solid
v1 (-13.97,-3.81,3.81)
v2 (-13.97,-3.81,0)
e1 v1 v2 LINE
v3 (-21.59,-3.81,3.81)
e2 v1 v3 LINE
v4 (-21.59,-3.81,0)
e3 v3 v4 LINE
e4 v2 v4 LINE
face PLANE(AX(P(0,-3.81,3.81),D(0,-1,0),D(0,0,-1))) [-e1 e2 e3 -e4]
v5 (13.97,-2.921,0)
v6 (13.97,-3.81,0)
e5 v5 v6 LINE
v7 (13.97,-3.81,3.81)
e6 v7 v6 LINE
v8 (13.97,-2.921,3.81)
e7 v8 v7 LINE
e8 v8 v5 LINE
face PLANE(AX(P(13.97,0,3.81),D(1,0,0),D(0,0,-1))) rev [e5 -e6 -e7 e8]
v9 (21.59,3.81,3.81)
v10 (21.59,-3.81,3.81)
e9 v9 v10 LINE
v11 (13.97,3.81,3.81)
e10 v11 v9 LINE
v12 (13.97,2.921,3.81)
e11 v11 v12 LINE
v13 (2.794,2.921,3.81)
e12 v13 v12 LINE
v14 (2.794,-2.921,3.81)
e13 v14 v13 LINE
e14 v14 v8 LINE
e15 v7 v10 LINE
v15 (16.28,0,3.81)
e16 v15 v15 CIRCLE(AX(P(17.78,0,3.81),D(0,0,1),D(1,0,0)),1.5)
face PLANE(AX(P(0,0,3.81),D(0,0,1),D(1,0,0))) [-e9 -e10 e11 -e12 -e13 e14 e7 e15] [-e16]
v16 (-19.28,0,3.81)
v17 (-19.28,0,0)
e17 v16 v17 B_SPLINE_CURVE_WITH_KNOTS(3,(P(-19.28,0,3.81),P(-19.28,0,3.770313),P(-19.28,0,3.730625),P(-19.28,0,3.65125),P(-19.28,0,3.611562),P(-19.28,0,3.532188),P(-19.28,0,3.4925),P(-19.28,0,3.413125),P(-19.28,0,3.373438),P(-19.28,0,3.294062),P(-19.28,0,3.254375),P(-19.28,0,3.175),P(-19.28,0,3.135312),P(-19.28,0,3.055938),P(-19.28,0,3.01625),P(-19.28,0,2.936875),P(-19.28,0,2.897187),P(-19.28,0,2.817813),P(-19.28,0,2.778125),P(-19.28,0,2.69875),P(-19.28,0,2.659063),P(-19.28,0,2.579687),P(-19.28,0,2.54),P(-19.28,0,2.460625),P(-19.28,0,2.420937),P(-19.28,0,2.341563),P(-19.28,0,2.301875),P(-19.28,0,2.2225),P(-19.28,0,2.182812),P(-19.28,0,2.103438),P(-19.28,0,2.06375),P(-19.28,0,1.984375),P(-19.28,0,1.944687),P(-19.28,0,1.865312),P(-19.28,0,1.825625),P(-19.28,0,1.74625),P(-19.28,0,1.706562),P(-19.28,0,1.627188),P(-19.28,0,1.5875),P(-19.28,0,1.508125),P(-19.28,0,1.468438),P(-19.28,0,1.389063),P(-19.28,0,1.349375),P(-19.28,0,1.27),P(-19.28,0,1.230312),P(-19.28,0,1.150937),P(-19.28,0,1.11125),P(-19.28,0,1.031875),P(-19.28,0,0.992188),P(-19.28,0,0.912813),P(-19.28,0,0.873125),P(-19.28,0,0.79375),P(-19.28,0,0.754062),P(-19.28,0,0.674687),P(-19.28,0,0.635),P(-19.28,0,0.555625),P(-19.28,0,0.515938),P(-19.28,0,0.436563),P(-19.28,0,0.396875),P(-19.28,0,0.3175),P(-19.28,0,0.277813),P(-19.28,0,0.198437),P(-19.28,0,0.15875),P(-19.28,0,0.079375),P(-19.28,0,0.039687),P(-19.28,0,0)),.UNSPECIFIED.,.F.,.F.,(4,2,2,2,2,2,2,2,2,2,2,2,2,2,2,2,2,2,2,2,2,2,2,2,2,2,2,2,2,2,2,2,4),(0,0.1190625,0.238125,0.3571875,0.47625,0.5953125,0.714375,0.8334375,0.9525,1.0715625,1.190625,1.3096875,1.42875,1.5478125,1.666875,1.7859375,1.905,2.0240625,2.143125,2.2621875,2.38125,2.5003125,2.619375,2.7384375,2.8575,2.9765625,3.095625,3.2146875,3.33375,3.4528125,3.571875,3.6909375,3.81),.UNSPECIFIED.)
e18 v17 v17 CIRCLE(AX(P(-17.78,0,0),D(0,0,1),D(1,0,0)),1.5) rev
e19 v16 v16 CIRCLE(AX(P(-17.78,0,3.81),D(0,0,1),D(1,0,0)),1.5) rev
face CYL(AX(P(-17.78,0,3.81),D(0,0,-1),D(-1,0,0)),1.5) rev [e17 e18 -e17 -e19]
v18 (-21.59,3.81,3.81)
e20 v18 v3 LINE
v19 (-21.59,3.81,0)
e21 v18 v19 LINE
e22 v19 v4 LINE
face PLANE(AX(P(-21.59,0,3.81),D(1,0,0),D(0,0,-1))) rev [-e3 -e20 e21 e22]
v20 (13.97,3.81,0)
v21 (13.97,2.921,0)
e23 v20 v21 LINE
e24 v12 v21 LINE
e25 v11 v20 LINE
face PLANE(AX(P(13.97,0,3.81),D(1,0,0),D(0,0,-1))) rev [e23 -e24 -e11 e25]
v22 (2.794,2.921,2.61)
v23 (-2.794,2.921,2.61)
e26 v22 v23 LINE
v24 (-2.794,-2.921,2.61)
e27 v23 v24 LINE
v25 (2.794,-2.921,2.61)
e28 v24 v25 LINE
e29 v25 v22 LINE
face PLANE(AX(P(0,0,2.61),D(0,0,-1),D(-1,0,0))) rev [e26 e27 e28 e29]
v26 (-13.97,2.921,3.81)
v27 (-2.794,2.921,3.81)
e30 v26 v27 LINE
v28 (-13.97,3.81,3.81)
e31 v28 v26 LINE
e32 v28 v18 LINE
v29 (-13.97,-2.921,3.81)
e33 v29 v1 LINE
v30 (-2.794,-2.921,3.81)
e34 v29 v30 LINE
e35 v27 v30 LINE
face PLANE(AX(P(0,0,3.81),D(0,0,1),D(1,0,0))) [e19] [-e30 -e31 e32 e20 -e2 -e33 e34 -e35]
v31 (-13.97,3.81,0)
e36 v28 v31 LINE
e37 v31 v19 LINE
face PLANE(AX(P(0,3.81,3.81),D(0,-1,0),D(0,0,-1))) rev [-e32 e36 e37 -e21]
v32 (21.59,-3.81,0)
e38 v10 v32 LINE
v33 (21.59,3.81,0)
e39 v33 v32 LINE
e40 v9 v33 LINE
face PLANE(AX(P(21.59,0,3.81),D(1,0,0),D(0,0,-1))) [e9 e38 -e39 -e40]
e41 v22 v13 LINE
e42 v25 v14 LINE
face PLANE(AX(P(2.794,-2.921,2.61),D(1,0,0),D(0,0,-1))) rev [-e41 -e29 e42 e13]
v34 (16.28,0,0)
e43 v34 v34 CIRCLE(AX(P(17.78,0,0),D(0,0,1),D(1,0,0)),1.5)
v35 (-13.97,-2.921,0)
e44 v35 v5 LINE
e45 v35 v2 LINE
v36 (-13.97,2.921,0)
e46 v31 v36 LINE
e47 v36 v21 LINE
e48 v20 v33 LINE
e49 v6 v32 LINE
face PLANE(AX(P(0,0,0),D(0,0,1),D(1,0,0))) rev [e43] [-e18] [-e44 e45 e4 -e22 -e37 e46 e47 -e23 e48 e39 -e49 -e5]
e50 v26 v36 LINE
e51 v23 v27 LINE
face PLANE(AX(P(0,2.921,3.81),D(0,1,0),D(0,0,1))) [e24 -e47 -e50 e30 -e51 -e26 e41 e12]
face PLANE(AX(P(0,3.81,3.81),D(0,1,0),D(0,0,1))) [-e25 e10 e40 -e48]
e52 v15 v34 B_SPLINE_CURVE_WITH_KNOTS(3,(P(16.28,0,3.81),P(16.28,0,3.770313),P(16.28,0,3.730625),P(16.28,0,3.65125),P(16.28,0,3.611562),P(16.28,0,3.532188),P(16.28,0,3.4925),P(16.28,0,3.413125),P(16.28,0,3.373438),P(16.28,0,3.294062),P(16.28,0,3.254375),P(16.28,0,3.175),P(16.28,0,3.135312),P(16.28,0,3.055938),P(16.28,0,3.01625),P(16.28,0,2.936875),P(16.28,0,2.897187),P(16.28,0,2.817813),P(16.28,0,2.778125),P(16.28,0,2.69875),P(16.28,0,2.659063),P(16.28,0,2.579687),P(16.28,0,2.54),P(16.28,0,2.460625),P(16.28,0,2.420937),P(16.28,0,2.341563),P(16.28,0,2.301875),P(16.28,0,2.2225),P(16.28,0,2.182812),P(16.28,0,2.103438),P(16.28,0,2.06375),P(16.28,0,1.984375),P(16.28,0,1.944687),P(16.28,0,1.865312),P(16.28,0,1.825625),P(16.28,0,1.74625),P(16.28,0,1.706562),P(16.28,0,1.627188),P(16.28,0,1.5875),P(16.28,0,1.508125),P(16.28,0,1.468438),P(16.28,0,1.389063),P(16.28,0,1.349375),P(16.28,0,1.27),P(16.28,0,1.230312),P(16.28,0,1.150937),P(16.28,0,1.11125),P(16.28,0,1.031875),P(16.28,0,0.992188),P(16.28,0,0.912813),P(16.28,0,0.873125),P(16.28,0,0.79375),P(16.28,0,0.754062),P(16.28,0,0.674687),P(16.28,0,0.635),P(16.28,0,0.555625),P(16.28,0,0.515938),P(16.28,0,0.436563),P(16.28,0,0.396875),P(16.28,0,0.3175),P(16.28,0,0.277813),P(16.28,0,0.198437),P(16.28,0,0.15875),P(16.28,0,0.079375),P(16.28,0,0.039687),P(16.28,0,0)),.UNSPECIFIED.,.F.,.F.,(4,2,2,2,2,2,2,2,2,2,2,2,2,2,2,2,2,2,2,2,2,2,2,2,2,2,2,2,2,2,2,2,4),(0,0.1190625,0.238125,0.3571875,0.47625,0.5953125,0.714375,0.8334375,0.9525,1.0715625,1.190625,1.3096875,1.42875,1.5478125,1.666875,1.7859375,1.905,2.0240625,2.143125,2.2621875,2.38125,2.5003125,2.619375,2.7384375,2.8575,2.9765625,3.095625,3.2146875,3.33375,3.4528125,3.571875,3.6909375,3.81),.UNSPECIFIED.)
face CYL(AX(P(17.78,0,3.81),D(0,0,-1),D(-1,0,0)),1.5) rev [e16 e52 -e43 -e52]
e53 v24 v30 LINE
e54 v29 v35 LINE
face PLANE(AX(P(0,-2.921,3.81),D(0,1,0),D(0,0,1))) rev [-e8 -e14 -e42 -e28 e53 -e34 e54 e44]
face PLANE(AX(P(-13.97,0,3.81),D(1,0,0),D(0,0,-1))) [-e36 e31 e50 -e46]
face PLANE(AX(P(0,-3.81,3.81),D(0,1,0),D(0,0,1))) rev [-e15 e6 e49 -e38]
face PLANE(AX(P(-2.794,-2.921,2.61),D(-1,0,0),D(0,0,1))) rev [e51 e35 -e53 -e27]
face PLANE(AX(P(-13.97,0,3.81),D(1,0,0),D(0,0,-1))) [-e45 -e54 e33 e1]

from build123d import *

# Parameters (mm, degrees)
SKETCH1_R           = 1.5
SKETCH1_W           = 27.94
SKETCH1_H           = 5.842
BOSS_EXTRUDE1_DEPTH = 3.81
SKETCH2_W           = 5.588
SKETCH2_H           = 5.842
CUT_EXTRUDE1_DEPTH  = 1.2


with BuildPart() as part:
    # Sketch1 → Boss-Extrude1 (new body)
    # profile 1 of 3: a face of its own
    with BuildSketch(Plane.XY):
        Polygon((-13.97, -3.81), (-13.97, -2.921), (-13.97, 2.921), (-13.97, 3.81), (-21.59, 3.81), (-21.59, -3.81), align=None)
        with Locations(Location((-17.78, 0, 0), (0, 0, 180))):
            Circle(SKETCH1_R, mode=Mode.SUBTRACT)
    # profile 2 of 3: a face of its own
    with BuildSketch(Plane.XY):
        Rectangle(SKETCH1_W, SKETCH1_H)
    # profile 3 of 3: a face of its own
    with BuildSketch(Plane.XY):
        Polygon((13.97, 2.921), (13.97, -2.921), (13.97, -3.81), (21.59, -3.81), (21.59, 3.81), (13.97, 3.81), align=None)
        with Locations(Location((17.78, 0, 0), (0, 0, 180))):
            Circle(SKETCH1_R, mode=Mode.SUBTRACT)
    extrude(amount=BOSS_EXTRUDE1_DEPTH)

    # Sketch2 → Cut-Extrude1 (cut)
    with BuildSketch(Plane.XY.offset(3.81)):
        Rectangle(SKETCH2_W, SKETCH2_H)
    extrude(amount=-CUT_EXTRUDE1_DEPTH, mode=Mode.SUBTRACT)


solid = part.part
